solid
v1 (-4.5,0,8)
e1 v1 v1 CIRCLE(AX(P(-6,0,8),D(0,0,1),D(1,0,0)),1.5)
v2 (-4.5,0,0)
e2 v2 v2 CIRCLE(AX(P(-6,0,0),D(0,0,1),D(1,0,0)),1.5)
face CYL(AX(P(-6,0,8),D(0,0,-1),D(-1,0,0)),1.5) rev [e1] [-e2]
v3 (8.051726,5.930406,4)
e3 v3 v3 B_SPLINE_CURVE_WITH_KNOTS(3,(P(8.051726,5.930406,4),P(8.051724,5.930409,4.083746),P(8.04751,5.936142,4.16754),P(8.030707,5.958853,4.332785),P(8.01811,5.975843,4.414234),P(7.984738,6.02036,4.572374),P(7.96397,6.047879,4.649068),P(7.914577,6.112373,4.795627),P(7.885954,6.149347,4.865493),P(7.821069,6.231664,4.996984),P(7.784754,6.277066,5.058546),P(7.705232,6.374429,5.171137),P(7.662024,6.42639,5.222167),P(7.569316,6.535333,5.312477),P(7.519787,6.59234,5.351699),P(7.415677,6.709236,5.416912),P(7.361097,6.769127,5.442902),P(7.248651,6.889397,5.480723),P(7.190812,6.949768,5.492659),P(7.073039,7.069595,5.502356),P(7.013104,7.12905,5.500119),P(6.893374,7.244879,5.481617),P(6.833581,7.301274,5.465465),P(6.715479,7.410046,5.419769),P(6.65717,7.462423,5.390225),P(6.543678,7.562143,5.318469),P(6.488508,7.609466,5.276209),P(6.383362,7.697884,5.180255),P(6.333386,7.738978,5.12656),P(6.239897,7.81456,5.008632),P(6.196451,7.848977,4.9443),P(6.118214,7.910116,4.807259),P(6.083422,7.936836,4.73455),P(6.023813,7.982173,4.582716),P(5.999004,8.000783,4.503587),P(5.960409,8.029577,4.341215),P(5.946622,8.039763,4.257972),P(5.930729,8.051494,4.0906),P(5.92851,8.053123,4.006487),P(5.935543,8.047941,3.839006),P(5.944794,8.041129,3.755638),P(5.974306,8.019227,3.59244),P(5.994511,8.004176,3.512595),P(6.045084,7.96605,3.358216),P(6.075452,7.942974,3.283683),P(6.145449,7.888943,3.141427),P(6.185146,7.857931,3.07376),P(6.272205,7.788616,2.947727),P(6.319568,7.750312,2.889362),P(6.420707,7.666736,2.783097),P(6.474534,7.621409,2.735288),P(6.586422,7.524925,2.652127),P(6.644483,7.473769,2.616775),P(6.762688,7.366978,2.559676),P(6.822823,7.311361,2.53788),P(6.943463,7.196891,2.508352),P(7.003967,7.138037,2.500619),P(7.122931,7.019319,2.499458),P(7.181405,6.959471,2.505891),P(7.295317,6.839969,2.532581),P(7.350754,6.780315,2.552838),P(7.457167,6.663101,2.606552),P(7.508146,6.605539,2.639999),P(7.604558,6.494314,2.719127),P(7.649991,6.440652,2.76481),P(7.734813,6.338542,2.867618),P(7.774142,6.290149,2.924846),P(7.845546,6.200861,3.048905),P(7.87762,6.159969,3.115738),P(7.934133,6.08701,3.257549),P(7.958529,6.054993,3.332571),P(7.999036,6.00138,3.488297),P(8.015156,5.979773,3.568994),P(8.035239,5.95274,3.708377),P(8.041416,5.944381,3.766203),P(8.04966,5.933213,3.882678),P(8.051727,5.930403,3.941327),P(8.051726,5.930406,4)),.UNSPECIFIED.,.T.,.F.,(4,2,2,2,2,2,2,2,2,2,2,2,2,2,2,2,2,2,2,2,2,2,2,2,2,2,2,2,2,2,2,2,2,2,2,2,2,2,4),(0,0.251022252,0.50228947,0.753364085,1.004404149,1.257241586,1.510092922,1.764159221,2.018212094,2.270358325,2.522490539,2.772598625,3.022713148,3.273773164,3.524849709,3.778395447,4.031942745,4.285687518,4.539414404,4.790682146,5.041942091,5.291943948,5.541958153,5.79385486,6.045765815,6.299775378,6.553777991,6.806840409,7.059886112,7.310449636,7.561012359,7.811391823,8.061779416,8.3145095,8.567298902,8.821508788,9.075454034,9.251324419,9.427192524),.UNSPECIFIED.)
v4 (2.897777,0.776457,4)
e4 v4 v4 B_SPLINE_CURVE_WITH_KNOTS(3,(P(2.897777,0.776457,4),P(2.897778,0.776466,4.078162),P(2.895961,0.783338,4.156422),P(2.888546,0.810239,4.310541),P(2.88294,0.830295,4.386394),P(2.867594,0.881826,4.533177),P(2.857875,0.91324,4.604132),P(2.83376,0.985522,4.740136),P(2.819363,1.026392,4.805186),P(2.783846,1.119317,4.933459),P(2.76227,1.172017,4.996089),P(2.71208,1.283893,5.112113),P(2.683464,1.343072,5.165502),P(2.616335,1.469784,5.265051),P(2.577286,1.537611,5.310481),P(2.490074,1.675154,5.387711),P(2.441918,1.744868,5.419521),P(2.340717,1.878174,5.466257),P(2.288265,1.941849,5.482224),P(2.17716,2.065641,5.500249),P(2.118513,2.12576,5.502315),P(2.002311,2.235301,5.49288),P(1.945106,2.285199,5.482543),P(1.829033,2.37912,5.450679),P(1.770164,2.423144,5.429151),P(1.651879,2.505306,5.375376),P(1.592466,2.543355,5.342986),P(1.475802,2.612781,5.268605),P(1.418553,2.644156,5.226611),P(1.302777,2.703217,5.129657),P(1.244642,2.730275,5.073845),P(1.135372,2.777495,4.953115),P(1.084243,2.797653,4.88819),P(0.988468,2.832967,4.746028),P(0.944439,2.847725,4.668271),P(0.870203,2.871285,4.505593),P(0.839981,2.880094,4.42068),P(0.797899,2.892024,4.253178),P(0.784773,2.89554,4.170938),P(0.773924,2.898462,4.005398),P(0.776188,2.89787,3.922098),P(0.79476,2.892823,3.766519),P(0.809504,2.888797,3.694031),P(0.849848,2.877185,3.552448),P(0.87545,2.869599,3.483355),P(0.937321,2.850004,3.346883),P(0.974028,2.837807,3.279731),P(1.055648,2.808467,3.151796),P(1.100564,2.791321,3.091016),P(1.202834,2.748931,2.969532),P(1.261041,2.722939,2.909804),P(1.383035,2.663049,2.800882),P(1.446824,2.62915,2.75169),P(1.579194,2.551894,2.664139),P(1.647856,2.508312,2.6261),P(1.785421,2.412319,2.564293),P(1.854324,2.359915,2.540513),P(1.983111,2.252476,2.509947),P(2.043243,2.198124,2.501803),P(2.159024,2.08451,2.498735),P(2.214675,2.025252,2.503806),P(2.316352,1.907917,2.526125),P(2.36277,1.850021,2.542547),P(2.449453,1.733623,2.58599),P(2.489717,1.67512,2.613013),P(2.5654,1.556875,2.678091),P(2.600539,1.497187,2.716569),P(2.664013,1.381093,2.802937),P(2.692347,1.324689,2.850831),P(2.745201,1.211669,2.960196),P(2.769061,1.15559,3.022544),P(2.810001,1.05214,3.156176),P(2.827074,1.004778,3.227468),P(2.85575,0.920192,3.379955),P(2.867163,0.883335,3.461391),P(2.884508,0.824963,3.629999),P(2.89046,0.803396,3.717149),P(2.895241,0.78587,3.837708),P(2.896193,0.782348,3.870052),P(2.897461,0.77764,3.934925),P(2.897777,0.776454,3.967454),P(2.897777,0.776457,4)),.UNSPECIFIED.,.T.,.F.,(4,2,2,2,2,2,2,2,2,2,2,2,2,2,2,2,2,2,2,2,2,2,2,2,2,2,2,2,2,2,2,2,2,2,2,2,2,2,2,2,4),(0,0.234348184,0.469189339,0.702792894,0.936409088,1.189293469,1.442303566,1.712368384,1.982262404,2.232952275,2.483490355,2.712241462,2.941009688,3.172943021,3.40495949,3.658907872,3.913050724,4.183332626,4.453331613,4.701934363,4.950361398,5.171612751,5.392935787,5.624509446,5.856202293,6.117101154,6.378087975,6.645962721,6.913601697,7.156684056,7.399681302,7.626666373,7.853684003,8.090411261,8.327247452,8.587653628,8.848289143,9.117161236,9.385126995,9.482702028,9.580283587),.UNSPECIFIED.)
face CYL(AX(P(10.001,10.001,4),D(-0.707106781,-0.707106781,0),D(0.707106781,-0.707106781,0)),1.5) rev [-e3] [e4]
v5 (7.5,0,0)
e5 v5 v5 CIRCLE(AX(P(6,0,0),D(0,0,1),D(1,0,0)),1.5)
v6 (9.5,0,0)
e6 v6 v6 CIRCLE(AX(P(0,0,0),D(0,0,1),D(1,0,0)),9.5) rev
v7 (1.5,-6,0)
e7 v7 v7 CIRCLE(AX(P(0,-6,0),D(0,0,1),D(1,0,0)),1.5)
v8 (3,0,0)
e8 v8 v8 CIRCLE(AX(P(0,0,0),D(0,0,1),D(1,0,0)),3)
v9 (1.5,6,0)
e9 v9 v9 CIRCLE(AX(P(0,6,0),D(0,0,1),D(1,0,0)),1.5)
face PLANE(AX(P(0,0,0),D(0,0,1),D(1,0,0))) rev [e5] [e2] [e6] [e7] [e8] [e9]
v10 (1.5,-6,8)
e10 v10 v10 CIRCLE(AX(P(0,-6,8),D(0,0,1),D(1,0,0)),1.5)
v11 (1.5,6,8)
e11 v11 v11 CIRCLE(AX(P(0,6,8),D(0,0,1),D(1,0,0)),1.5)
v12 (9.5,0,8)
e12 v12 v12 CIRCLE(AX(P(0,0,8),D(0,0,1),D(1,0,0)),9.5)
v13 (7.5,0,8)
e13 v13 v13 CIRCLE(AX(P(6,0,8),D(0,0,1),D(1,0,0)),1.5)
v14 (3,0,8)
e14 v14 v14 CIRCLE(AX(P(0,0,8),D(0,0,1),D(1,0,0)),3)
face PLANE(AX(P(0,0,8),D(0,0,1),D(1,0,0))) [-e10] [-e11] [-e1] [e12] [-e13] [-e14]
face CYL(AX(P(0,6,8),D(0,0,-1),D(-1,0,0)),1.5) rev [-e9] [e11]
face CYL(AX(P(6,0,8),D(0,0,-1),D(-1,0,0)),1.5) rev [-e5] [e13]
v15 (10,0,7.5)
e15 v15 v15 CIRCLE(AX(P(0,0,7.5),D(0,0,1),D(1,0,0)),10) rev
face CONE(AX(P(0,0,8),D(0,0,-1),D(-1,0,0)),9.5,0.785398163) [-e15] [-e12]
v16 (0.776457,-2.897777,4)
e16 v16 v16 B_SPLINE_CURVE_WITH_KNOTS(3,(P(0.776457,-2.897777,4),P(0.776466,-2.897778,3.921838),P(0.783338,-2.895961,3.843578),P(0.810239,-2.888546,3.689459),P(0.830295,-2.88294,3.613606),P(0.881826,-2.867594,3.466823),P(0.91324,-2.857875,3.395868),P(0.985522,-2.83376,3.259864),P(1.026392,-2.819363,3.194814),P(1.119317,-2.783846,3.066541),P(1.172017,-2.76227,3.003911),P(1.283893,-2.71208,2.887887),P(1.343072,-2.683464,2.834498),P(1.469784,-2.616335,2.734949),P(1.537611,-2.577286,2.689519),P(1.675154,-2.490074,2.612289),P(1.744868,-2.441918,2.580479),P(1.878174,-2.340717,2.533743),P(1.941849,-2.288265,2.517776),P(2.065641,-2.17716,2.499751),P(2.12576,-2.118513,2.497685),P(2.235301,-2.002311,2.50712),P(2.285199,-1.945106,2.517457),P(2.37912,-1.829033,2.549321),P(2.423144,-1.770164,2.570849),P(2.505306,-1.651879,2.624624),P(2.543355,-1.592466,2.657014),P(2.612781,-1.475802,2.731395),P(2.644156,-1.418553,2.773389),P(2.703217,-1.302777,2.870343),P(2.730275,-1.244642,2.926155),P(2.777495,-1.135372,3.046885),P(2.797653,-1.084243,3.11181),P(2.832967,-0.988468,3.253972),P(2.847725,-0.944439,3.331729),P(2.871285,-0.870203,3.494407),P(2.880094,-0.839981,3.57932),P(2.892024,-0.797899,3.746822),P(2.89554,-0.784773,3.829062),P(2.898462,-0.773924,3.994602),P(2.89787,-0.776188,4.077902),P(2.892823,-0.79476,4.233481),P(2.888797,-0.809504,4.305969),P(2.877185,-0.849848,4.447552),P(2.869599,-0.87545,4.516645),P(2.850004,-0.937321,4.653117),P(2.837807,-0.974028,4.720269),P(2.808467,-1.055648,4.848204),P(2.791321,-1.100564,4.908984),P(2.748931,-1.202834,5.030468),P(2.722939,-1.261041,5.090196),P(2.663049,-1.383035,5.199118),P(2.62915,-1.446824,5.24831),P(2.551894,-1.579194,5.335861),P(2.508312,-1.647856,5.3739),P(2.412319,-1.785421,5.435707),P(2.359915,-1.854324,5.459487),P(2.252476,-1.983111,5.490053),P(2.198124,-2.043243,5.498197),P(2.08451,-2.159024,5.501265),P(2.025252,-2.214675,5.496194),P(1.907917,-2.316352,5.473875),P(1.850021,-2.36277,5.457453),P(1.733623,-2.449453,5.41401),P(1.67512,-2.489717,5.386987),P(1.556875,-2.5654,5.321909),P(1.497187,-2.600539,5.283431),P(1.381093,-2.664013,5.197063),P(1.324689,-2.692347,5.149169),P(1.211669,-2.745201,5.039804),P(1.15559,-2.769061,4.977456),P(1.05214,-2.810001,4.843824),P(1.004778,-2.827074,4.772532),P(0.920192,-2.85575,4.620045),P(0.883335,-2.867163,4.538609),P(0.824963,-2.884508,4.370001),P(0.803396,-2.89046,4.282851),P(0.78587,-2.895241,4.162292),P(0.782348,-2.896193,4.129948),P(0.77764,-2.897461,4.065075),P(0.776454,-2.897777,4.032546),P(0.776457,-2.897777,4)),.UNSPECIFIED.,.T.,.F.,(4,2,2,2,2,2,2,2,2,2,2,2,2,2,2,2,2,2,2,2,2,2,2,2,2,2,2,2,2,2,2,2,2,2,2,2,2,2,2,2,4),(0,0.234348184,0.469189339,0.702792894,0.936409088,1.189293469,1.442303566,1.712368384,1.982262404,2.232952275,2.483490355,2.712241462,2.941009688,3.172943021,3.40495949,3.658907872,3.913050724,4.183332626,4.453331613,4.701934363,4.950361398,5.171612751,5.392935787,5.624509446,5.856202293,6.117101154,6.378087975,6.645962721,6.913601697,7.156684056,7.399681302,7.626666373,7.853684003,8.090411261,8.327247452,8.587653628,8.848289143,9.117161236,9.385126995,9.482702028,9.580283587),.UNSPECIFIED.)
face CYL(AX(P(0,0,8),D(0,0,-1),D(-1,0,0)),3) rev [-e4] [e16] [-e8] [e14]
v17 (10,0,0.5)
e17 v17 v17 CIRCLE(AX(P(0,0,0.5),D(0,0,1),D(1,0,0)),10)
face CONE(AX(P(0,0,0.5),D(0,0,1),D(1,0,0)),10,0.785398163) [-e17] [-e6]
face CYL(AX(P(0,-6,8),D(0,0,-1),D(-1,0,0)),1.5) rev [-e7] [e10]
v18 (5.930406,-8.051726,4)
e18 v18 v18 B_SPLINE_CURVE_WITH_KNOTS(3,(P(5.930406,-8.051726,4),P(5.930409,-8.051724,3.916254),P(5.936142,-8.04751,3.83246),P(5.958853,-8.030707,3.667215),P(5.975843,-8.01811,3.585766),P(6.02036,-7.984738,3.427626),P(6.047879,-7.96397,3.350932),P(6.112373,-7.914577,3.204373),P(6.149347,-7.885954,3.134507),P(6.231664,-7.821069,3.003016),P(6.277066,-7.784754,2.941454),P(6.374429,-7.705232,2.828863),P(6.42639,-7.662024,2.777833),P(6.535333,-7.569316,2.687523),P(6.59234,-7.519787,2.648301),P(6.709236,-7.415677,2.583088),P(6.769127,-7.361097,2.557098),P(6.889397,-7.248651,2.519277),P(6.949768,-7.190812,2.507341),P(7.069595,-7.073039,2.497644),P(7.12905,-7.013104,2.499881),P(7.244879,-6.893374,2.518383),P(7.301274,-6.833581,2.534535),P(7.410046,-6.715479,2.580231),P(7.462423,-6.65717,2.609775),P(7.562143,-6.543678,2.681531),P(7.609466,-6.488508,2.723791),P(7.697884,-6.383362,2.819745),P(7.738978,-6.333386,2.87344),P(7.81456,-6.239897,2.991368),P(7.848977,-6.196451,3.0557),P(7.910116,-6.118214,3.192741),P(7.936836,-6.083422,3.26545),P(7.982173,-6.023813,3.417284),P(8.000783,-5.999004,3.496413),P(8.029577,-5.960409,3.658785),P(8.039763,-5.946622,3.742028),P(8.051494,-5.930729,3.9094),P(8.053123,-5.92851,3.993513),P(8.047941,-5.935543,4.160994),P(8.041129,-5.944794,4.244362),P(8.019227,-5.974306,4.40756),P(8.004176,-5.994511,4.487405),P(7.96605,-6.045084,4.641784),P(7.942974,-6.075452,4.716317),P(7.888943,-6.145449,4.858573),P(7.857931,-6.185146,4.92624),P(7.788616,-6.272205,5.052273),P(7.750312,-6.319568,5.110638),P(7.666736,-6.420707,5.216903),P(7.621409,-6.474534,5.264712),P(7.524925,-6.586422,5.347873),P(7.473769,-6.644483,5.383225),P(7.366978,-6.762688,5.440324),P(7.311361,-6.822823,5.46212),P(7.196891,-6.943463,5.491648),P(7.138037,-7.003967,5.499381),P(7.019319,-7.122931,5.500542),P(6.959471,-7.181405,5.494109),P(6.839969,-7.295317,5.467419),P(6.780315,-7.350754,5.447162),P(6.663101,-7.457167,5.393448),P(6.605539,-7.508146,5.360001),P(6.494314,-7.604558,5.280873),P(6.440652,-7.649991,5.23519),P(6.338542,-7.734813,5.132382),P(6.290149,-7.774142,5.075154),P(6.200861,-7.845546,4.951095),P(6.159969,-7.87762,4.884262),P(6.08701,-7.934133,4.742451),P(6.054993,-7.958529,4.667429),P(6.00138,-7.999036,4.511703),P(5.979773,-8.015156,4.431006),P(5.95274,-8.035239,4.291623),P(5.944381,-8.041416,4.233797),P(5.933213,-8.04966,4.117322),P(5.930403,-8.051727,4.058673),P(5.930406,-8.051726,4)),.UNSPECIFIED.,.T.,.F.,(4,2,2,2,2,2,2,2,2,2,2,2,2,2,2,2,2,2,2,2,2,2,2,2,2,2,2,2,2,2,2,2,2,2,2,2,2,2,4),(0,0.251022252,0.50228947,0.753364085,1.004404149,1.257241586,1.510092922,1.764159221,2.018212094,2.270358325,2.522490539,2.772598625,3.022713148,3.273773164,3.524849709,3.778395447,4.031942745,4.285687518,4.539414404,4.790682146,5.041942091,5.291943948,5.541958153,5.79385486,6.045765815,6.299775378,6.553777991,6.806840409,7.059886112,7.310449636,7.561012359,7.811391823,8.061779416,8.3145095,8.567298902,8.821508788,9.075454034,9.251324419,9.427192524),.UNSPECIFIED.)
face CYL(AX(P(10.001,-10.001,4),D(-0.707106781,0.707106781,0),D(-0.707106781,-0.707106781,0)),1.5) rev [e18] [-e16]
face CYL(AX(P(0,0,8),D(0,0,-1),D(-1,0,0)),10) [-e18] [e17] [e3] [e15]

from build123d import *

# Parameters (mm, degrees)
SKETCH_1_R               = 10
SKETCH_1_R_2             = 3
SKETCH_1_R_3             = 1.5
EXTRUDE_1_DEPTH          = 8
CUT_EXTRUDE_1_REACH      = 18.248
CUT_EXTRUDE_1_END_RADIUS = 10
SKETCH_2_R               = 1.5
CUT_EXTRUDE_2_REACH      = 18.248
CUT_EXTRUDE_2_END_RADIUS = 10
SKETCH_3_R               = 1.5
CHAMFER_1_SIZE           = 0.5


with BuildPart() as part:
    # ｽｹｯﾁ1 → ﾎﾞｽ - 押し出し1 (new body)
    with BuildSketch(Plane.XY):
        Circle(SKETCH_1_R)
        Circle(SKETCH_1_R_2, mode=Mode.SUBTRACT)
        with Locations((-6, 0)):
            Circle(SKETCH_1_R_3, mode=Mode.SUBTRACT)
        with Locations((6, 0)):
            Circle(SKETCH_1_R_3, mode=Mode.SUBTRACT)
        with Locations((0, 6)):
            Circle(SKETCH_1_R_3, mode=Mode.SUBTRACT)
        with Locations((0, -6)):
            Circle(SKETCH_1_R_3, mode=Mode.SUBTRACT)
    extrude(amount=EXTRUDE_1_DEPTH)

    # ｶｯﾄ - 押し出し1: up to this cylinder (the profile starts inside it)
    cut_extrude_1_end = Plane(origin=(0, 0, 4), z_dir=(0, 0, -1)) * Cylinder(CUT_EXTRUDE_1_END_RADIUS, 57.496, mode=Mode.PRIVATE)
    # ｽｹｯﾁ2 → ｶｯﾄ - 押し出し1 (cut, up to the surface)
    with BuildSketch(Plane(origin=(0, 0, 0), x_dir=(0.7071067811865477, -0.7071067811865475, 0), z_dir=(0.7071067811865475, 0.7071067811865477, 0)), mode=Mode.PRIVATE) as cut_extrude_1_sk1:
        with Locations((0, -4)):
            Circle(SKETCH_2_R)
    cut_extrude_1_tool1 = extrude(cut_extrude_1_sk1.sketch, amount=CUT_EXTRUDE_1_REACH, mode=Mode.PRIVATE) & cut_extrude_1_end
    add(cut_extrude_1_tool1.solids().sort_by_distance((0, 0, 4))[0], mode=Mode.SUBTRACT)

    # ｶｯﾄ - 押し出し2: up to this cylinder (the profile starts inside it)
    cut_extrude_2_end = Plane(origin=(0, 0, 4), z_dir=(0, 0, -1)) * Cylinder(CUT_EXTRUDE_2_END_RADIUS, 57.496, mode=Mode.PRIVATE)
    # ｽｹｯﾁ3 → ｶｯﾄ - 押し出し2 (cut, up to the surface)
    with BuildSketch(Plane(origin=(0, 0, 0), x_dir=(0.7071067811865477, 0.7071067811865475, 0), z_dir=(-0.7071067811865475, 0.7071067811865477, 0)), mode=Mode.PRIVATE) as cut_extrude_2_sk1:
        with Locations(Location((0, -4, 0), (0, 0, 180))):
            Circle(SKETCH_3_R)
    cut_extrude_2_tool1 = extrude(cut_extrude_2_sk1.sketch, amount=-CUT_EXTRUDE_2_REACH, mode=Mode.PRIVATE) & cut_extrude_2_end
    add(cut_extrude_2_tool1.solids().sort_by_distance((0, 0, 4))[0], mode=Mode.SUBTRACT)

    # 面取り1
    chamfer_1_edges = [part.edges().sort_by_distance(p)[0] for p in [
        (-10, 0, 0),
        (-10, 0, 8),
    ]]
    chamfer(chamfer_1_edges, length=CHAMFER_1_SIZE)


solid = part.part
